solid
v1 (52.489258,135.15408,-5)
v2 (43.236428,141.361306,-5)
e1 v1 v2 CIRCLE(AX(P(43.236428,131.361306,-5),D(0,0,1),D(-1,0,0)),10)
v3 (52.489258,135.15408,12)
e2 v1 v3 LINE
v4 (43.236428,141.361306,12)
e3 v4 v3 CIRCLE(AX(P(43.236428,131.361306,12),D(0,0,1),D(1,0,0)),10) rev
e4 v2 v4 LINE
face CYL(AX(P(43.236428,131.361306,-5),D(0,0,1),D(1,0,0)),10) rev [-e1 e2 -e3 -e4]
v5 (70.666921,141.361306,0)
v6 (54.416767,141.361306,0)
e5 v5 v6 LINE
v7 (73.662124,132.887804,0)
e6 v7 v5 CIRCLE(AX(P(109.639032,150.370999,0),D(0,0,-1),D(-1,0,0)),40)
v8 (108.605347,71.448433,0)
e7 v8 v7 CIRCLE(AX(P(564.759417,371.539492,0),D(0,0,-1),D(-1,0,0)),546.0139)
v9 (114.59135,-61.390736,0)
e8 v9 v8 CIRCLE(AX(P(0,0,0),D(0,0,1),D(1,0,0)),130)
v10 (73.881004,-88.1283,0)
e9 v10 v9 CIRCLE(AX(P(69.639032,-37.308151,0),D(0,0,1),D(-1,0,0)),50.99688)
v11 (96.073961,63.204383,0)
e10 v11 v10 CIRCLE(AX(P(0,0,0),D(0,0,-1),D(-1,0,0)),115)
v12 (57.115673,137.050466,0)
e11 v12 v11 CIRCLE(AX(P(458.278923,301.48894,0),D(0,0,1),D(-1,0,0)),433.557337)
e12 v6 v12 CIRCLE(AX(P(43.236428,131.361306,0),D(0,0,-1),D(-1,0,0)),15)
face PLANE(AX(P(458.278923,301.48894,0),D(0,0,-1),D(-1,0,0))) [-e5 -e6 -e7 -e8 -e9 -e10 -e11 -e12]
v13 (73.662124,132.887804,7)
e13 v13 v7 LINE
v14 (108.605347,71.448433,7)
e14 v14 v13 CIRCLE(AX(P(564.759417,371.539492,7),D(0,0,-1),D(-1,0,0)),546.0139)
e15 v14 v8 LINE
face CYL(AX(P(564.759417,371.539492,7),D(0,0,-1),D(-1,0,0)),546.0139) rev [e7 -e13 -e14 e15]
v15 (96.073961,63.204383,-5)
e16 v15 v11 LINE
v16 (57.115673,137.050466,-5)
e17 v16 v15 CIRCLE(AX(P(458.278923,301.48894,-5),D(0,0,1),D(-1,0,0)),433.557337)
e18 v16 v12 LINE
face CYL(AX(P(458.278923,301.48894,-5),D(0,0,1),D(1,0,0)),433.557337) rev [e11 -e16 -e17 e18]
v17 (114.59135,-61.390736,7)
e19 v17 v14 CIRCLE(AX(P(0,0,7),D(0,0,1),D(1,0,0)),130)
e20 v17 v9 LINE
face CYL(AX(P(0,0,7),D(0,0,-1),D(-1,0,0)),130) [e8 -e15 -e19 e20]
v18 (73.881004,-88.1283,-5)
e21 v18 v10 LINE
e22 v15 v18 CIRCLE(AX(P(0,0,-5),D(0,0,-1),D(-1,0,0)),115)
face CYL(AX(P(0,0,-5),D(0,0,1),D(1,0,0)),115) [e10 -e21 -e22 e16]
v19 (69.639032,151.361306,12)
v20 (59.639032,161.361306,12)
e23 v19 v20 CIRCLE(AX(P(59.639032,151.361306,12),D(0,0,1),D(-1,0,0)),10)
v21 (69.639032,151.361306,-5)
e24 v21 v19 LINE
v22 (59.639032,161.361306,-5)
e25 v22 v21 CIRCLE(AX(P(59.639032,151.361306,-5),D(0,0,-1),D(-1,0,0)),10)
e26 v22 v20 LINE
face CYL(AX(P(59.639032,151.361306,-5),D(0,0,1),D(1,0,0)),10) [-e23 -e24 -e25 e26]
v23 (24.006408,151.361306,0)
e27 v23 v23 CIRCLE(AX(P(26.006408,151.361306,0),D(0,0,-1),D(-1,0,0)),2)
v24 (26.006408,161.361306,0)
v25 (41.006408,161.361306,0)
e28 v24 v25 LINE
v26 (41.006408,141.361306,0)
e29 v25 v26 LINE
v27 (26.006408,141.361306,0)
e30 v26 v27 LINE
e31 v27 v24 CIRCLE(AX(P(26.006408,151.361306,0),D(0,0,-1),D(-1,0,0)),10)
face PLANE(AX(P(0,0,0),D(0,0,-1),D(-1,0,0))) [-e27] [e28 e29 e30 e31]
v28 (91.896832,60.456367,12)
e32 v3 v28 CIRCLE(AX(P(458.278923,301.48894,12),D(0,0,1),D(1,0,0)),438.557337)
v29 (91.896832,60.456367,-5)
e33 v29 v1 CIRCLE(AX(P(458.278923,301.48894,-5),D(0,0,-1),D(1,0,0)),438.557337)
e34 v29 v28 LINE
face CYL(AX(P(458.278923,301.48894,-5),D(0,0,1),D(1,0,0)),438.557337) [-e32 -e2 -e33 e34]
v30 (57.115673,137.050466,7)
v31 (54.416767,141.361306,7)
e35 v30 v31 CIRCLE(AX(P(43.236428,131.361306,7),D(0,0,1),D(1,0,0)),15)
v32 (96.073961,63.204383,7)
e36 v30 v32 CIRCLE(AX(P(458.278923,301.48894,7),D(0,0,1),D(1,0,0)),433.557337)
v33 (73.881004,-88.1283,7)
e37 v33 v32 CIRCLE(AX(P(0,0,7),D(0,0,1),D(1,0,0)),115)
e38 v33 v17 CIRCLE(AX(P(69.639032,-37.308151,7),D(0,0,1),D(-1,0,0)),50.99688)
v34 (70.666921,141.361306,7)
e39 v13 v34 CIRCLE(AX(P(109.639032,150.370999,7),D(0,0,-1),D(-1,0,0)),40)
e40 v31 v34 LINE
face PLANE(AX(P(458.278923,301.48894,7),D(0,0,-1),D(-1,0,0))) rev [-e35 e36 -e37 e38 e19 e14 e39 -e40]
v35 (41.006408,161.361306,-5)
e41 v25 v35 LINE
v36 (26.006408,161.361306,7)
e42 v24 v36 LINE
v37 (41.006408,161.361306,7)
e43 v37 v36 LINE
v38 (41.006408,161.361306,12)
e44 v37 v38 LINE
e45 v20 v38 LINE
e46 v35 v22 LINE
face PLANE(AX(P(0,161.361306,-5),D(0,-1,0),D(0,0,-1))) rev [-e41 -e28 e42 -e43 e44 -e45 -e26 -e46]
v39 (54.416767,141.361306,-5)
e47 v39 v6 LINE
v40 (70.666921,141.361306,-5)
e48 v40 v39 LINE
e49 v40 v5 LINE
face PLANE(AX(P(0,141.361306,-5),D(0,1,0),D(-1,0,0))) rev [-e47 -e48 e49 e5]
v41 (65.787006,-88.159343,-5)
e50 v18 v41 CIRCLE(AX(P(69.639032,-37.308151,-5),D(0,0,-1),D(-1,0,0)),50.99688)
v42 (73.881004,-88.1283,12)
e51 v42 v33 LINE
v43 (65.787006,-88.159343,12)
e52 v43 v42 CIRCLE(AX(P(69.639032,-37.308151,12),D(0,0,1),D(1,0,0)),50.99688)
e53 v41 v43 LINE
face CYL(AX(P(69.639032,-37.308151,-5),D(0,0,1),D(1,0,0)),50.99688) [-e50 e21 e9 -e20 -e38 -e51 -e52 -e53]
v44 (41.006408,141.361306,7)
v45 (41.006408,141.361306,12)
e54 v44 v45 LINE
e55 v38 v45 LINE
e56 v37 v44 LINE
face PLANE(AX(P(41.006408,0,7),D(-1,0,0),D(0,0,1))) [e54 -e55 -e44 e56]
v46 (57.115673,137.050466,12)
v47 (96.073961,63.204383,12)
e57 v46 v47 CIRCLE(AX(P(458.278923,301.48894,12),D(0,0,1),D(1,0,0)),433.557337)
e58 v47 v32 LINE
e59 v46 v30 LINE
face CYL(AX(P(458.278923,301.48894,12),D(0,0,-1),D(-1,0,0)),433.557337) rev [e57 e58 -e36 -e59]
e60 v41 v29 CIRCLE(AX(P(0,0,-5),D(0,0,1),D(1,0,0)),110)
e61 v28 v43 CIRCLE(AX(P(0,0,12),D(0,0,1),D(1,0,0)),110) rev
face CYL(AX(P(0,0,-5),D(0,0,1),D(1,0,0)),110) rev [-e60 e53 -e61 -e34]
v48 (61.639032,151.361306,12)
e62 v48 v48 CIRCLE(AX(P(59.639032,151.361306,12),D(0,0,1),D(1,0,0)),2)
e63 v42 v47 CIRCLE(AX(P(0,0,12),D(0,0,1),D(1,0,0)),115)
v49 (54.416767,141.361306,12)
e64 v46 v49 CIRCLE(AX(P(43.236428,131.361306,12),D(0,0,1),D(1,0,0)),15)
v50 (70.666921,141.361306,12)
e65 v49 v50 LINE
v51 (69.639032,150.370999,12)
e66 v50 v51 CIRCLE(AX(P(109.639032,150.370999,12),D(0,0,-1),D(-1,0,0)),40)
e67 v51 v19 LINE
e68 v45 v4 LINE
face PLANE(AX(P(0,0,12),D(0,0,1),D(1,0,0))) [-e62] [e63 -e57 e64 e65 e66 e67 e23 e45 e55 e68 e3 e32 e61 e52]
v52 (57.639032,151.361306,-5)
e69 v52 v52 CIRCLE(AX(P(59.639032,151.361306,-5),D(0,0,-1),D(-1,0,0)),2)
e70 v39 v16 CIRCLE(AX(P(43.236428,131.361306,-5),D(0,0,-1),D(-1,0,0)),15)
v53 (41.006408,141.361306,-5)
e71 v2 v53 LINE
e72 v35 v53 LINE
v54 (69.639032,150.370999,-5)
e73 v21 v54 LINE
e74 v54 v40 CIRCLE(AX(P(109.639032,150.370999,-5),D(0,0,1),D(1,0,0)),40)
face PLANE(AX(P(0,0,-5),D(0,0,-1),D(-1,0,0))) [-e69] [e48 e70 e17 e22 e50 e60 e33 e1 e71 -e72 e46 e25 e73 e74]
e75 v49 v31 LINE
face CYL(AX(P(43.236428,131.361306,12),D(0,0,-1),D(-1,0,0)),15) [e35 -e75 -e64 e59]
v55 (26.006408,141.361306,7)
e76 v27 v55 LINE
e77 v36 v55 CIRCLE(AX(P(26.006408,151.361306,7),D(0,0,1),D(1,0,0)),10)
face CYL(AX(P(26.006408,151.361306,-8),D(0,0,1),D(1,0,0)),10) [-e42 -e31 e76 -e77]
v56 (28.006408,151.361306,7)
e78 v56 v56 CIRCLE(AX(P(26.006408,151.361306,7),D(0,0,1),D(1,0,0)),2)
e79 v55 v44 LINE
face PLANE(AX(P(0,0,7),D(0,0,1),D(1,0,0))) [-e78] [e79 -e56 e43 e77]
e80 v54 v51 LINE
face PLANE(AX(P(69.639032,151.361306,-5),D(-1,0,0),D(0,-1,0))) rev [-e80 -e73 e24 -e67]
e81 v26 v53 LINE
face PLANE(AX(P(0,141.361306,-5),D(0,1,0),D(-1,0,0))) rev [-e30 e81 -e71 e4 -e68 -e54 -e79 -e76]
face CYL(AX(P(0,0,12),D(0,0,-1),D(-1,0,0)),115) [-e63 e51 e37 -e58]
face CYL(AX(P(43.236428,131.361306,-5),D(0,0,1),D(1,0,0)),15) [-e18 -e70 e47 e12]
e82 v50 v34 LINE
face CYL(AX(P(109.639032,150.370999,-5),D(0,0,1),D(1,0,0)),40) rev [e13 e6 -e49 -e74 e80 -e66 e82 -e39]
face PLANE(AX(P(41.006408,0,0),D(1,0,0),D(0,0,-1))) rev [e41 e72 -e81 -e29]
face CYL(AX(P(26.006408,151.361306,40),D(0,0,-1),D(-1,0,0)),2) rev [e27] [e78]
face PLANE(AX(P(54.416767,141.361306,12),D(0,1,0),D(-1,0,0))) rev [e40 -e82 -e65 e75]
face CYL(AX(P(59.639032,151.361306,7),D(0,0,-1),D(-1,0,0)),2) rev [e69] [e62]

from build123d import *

# Parameters (mm, degrees)
CROQUIS1_R              = 2
SALIENTE_EXTRUIR1_DEPTH = 7
SALIENTE_EXTRUIR2_DEPTH = 5
SALIENTE_EXTRUIR3_DEPTH = 5
SALIENTE_EXTRUIR4_DEPTH = 5
CROQUIS6_R              = 2
CORTAR_EXTRUIR1_DEPTH   = 20
SALIENTE_EXTRUIR5_DEPTH = 5
CROQUIS8_R              = 2
CORTAR_EXTRUIR3_DEPTH   = 20
CORTAR_EXTRUIR4_DEPTH   = 20
CROQUIS10_R             = 2
CORTAR_EXTRUIR5_DEPTH   = 5
CROQUIS12_R             = 2
CORTAR_EXTRUIR6_DEPTH   = 5
CROQUIS13_R             = 2
CORTAR_EXTRUIR7_DEPTH   = 45


with BuildPart() as part:
    # Croquis1 → Saliente-Extruir1 (new body)
    with BuildSketch(Plane.XY):
        with BuildLine():
            Line((0, 161.361306161), (59.639031754, 161.361306161))
            ThreePointArc((59.639031754, 161.361306161), (66.710099565, 158.432373972), (69.639031754, 151.361306161))
            Line((69.639031754, 151.361306161), (69.639031754, 150.370999495))
            ThreePointArc((69.639031754, 150.370999495), (70.657777859, 141.400946832), (73.662123993, 132.887804479))
            ThreePointArc((73.662123993, 132.887804479), (90.138531177, 101.602103147), (108.605347016, 71.44843315))
            ThreePointArc((108.605347016, 71.44843315), (129.868212527, 5.85212568), (114.591350051, -61.390736219))
            ThreePointArc((114.591350051, -61.390736219), (94.163470567, -82.020942746), (65.787006352, -88.15934321))
            ThreePointArc((65.787006352, -88.15934321), (108.340691896, -19.034034767), (91.89683209, 60.456366511))
            ThreePointArc((91.89683209, 60.456366511), (70.390740309, 96.854398001), (52.489257919, 135.15407957))
            ThreePointArc((52.489257919, 135.15407957), (48.807435802, 139.665754791), (43.236427549, 141.361306161))
            Line((43.236427549, 141.361306161), (0, 141.361306161))
            Line((0, 141.361306161), (0, 161.361306161))
        make_face()
        with Locations((59.639031754, 151.361306161)):
            Circle(CROQUIS1_R, mode=Mode.SUBTRACT)
    extrude(amount=SALIENTE_EXTRUIR1_DEPTH)

    # Croquis2 → Saliente-Extruir2 (add)
    with BuildSketch(Plane.XY.offset(7)):
        with BuildLine():
            Line((54.416767437, 141.361306161), (43.236427549, 141.361306161))
            ThreePointArc((43.236427549, 141.361306161), (48.807435802, 139.665754791), (52.489257919, 135.15407957))
            ThreePointArc((52.489257919, 135.15407957), (70.390740309, 96.854398001), (91.89683209, 60.456366511))
            ThreePointArc((91.89683209, 60.456366511), (108.340691896, -19.034034767), (65.787006352, -88.15934321))
            ThreePointArc((65.787006352, -88.15934321), (69.834622147, -88.304656697), (73.881004217, -88.128299745))
            ThreePointArc((73.881004217, -88.128299745), (113.782985393, -16.686288834), (96.073960822, 63.204383171))
            ThreePointArc((96.073960822, 63.204383171), (74.813060375, 99.187440057), (57.115673105, 137.050466275))
            ThreePointArc((57.115673105, 137.050466275), (55.950260204, 139.321108873), (54.416767437, 141.361306161))
        make_face()
    extrude(amount=SALIENTE_EXTRUIR2_DEPTH)

    # Croquis4 → Saliente-Extruir4 (add)
    with BuildSketch(Plane.XY.offset(7)):
        with BuildLine():
            Line((69.639031754, 151.361306161), (69.639031754, 150.370999495))
            ThreePointArc((69.639031754, 150.370999495), (69.896834815, 145.836930406), (70.666920879, 141.361306161))
            Line((70.666920879, 141.361306161), (54.416767437, 141.361306161))
            Line((54.416767437, 141.361306161), (0, 141.361306161))
            Line((0, 141.361306161), (0, 161.361306161))
            Line((0, 161.361306161), (59.639031754, 161.361306161))
            ThreePointArc((59.639031754, 161.361306161), (66.710099565, 158.432373972), (69.639031754, 151.361306161))
        make_face()
    extrude(amount=SALIENTE_EXTRUIR4_DEPTH)

    # Croquis6 → Cortar-Extruir1 (cut)
    with BuildSketch(Plane(origin=(0, 0, 0), x_dir=(-1, 0, 0), z_dir=(0, 0, -1))):
        with Locations((-59.639031754, 151.361306161)):
            Circle(CROQUIS6_R)
    extrude(amount=-CORTAR_EXTRUIR1_DEPTH, mode=Mode.SUBTRACT)



with BuildPart() as body_2:
    # Croquis3 → Saliente-Extruir3 (new body)
    with BuildSketch(Plane(origin=(0, 0, 0), x_dir=(-1, 0, 0), z_dir=(0, 0, -1))):
        with BuildLine():
            Line((-43.236427549, 141.361306161), (-54.416767437, 141.361306161))
            ThreePointArc((-54.416767437, 141.361306161), (-55.950260204, 139.321108873), (-57.115673105, 137.050466275))
            ThreePointArc((-57.115673105, 137.050466275), (-74.813060375, 99.187440057), (-96.073960822, 63.204383171))
            ThreePointArc((-96.073960822, 63.204383171), (-113.782985393, -16.686288834), (-73.881004217, -88.128299745))
            ThreePointArc((-73.881004217, -88.128299745), (-69.834622147, -88.304656697), (-65.787006352, -88.15934321))
            ThreePointArc((-65.787006352, -88.15934321), (-108.340691896, -19.034034767), (-91.89683209, 60.456366511))
            ThreePointArc((-91.89683209, 60.456366511), (-70.390740309, 96.854398001), (-52.489257919, 135.15407957))
            ThreePointArc((-52.489257919, 135.15407957), (-48.807435802, 139.665754791), (-43.236427549, 141.361306161))
        make_face()
    extrude(amount=SALIENTE_EXTRUIR3_DEPTH)


with BuildPart() as part_1:
    add(part.part)

    add(body_2.part)  # Saliente-Extruir5 merges body 2
    # Croquis7 → Saliente-Extruir5 (add)
    with BuildSketch(Plane(origin=(0, 0, 0), x_dir=(-1, 0, 0), z_dir=(0, 0, -1))):
        with BuildLine():
            Line((0, 161.361306161), (-59.639031754, 161.361306161))
            ThreePointArc((-59.639031754, 161.361306161), (-66.710099565, 158.432373972), (-69.639031754, 151.361306161))
            Line((-69.639031754, 151.361306161), (-69.639031754, 150.370999495))
            ThreePointArc((-69.639031754, 150.370999495), (-69.896834815, 145.836930406), (-70.666920879, 141.361306161))
            Line((-70.666920879, 141.361306161), (-54.416767437, 141.361306161))
            Line((-54.416767437, 141.361306161), (0, 141.361306161))
            Line((0, 141.361306161), (0, 161.361306161))
        make_face()
    extrude(amount=SALIENTE_EXTRUIR5_DEPTH)

    # Croquis8 → Cortar-Extruir3 (cut)
    with BuildSketch(Plane.XY.offset(12)):
        with Locations((59.639031754, 151.361306161)):
            Circle(CROQUIS8_R)
    extrude(amount=-CORTAR_EXTRUIR3_DEPTH, mode=Mode.SUBTRACT)

    # Croquis9 → Cortar-Extruir4 (cut)
    with BuildSketch(Plane.XY.offset(12)):
        with BuildLine():
            ThreePointArc((26.006407842, 141.361306161), (16.006407842, 151.361306161), (26.006407842, 161.361306161))
            Line((26.006407842, 161.361306161), (0, 161.361306161))
            Line((0, 161.361306161), (0, 141.361306161))
            Line((0, 141.361306161), (26.006407842, 141.361306161))
        make_face()
    extrude(amount=-CORTAR_EXTRUIR4_DEPTH, mode=Mode.SUBTRACT)

    # Croquis10 → Cortar-Extruir5 (cut)
    with BuildSketch(Plane.XY.offset(12)):
        with BuildLine():
            Line((41.006407842, 161.361306161), (26.006407842, 161.361306161))
            ThreePointArc((26.006407842, 161.361306161), (16.006407842, 151.361306161), (26.006407842, 141.361306161))
            Line((26.006407842, 141.361306161), (41.006407842, 141.361306161))
            Line((41.006407842, 141.361306161), (41.006407842, 161.361306161))
        make_face()
        with Locations((26.006407842, 151.361306161)):
            Circle(CROQUIS10_R, mode=Mode.SUBTRACT)
    extrude(amount=-CORTAR_EXTRUIR5_DEPTH, mode=Mode.SUBTRACT)

    # Croquis12 → Cortar-Extruir6 (cut)
    with BuildSketch(Plane(origin=(0, 0, -5), x_dir=(-1, 0, 0), z_dir=(0, 0, -1))):
        with BuildLine():
            Line((-26.006407842, 161.361306161), (-41.006407842, 161.361306161))
            Line((-41.006407842, 161.361306161), (-41.006407842, 141.361306161))
            Line((-41.006407842, 141.361306161), (-26.006407842, 141.361306161))
            ThreePointArc((-26.006407842, 141.361306161), (-16.006407842, 151.361306161), (-26.006407842, 161.361306161))
        make_face()
        with Locations((-26.006407842, 151.361306161)):
            Circle(CROQUIS12_R, mode=Mode.SUBTRACT)
    extrude(amount=-CORTAR_EXTRUIR6_DEPTH, mode=Mode.SUBTRACT)

    # Croquis13 → Cortar-Extruir7 (cut)
    with BuildSketch(Plane(origin=(0, 0, -5), x_dir=(-1, 0, 0), z_dir=(0, 0, -1))):
        with Locations((-26.006407842, 151.361306161)):
            Circle(CROQUIS13_R)
    extrude(amount=-CORTAR_EXTRUIR7_DEPTH, mode=Mode.SUBTRACT)


solid = part_1.part
